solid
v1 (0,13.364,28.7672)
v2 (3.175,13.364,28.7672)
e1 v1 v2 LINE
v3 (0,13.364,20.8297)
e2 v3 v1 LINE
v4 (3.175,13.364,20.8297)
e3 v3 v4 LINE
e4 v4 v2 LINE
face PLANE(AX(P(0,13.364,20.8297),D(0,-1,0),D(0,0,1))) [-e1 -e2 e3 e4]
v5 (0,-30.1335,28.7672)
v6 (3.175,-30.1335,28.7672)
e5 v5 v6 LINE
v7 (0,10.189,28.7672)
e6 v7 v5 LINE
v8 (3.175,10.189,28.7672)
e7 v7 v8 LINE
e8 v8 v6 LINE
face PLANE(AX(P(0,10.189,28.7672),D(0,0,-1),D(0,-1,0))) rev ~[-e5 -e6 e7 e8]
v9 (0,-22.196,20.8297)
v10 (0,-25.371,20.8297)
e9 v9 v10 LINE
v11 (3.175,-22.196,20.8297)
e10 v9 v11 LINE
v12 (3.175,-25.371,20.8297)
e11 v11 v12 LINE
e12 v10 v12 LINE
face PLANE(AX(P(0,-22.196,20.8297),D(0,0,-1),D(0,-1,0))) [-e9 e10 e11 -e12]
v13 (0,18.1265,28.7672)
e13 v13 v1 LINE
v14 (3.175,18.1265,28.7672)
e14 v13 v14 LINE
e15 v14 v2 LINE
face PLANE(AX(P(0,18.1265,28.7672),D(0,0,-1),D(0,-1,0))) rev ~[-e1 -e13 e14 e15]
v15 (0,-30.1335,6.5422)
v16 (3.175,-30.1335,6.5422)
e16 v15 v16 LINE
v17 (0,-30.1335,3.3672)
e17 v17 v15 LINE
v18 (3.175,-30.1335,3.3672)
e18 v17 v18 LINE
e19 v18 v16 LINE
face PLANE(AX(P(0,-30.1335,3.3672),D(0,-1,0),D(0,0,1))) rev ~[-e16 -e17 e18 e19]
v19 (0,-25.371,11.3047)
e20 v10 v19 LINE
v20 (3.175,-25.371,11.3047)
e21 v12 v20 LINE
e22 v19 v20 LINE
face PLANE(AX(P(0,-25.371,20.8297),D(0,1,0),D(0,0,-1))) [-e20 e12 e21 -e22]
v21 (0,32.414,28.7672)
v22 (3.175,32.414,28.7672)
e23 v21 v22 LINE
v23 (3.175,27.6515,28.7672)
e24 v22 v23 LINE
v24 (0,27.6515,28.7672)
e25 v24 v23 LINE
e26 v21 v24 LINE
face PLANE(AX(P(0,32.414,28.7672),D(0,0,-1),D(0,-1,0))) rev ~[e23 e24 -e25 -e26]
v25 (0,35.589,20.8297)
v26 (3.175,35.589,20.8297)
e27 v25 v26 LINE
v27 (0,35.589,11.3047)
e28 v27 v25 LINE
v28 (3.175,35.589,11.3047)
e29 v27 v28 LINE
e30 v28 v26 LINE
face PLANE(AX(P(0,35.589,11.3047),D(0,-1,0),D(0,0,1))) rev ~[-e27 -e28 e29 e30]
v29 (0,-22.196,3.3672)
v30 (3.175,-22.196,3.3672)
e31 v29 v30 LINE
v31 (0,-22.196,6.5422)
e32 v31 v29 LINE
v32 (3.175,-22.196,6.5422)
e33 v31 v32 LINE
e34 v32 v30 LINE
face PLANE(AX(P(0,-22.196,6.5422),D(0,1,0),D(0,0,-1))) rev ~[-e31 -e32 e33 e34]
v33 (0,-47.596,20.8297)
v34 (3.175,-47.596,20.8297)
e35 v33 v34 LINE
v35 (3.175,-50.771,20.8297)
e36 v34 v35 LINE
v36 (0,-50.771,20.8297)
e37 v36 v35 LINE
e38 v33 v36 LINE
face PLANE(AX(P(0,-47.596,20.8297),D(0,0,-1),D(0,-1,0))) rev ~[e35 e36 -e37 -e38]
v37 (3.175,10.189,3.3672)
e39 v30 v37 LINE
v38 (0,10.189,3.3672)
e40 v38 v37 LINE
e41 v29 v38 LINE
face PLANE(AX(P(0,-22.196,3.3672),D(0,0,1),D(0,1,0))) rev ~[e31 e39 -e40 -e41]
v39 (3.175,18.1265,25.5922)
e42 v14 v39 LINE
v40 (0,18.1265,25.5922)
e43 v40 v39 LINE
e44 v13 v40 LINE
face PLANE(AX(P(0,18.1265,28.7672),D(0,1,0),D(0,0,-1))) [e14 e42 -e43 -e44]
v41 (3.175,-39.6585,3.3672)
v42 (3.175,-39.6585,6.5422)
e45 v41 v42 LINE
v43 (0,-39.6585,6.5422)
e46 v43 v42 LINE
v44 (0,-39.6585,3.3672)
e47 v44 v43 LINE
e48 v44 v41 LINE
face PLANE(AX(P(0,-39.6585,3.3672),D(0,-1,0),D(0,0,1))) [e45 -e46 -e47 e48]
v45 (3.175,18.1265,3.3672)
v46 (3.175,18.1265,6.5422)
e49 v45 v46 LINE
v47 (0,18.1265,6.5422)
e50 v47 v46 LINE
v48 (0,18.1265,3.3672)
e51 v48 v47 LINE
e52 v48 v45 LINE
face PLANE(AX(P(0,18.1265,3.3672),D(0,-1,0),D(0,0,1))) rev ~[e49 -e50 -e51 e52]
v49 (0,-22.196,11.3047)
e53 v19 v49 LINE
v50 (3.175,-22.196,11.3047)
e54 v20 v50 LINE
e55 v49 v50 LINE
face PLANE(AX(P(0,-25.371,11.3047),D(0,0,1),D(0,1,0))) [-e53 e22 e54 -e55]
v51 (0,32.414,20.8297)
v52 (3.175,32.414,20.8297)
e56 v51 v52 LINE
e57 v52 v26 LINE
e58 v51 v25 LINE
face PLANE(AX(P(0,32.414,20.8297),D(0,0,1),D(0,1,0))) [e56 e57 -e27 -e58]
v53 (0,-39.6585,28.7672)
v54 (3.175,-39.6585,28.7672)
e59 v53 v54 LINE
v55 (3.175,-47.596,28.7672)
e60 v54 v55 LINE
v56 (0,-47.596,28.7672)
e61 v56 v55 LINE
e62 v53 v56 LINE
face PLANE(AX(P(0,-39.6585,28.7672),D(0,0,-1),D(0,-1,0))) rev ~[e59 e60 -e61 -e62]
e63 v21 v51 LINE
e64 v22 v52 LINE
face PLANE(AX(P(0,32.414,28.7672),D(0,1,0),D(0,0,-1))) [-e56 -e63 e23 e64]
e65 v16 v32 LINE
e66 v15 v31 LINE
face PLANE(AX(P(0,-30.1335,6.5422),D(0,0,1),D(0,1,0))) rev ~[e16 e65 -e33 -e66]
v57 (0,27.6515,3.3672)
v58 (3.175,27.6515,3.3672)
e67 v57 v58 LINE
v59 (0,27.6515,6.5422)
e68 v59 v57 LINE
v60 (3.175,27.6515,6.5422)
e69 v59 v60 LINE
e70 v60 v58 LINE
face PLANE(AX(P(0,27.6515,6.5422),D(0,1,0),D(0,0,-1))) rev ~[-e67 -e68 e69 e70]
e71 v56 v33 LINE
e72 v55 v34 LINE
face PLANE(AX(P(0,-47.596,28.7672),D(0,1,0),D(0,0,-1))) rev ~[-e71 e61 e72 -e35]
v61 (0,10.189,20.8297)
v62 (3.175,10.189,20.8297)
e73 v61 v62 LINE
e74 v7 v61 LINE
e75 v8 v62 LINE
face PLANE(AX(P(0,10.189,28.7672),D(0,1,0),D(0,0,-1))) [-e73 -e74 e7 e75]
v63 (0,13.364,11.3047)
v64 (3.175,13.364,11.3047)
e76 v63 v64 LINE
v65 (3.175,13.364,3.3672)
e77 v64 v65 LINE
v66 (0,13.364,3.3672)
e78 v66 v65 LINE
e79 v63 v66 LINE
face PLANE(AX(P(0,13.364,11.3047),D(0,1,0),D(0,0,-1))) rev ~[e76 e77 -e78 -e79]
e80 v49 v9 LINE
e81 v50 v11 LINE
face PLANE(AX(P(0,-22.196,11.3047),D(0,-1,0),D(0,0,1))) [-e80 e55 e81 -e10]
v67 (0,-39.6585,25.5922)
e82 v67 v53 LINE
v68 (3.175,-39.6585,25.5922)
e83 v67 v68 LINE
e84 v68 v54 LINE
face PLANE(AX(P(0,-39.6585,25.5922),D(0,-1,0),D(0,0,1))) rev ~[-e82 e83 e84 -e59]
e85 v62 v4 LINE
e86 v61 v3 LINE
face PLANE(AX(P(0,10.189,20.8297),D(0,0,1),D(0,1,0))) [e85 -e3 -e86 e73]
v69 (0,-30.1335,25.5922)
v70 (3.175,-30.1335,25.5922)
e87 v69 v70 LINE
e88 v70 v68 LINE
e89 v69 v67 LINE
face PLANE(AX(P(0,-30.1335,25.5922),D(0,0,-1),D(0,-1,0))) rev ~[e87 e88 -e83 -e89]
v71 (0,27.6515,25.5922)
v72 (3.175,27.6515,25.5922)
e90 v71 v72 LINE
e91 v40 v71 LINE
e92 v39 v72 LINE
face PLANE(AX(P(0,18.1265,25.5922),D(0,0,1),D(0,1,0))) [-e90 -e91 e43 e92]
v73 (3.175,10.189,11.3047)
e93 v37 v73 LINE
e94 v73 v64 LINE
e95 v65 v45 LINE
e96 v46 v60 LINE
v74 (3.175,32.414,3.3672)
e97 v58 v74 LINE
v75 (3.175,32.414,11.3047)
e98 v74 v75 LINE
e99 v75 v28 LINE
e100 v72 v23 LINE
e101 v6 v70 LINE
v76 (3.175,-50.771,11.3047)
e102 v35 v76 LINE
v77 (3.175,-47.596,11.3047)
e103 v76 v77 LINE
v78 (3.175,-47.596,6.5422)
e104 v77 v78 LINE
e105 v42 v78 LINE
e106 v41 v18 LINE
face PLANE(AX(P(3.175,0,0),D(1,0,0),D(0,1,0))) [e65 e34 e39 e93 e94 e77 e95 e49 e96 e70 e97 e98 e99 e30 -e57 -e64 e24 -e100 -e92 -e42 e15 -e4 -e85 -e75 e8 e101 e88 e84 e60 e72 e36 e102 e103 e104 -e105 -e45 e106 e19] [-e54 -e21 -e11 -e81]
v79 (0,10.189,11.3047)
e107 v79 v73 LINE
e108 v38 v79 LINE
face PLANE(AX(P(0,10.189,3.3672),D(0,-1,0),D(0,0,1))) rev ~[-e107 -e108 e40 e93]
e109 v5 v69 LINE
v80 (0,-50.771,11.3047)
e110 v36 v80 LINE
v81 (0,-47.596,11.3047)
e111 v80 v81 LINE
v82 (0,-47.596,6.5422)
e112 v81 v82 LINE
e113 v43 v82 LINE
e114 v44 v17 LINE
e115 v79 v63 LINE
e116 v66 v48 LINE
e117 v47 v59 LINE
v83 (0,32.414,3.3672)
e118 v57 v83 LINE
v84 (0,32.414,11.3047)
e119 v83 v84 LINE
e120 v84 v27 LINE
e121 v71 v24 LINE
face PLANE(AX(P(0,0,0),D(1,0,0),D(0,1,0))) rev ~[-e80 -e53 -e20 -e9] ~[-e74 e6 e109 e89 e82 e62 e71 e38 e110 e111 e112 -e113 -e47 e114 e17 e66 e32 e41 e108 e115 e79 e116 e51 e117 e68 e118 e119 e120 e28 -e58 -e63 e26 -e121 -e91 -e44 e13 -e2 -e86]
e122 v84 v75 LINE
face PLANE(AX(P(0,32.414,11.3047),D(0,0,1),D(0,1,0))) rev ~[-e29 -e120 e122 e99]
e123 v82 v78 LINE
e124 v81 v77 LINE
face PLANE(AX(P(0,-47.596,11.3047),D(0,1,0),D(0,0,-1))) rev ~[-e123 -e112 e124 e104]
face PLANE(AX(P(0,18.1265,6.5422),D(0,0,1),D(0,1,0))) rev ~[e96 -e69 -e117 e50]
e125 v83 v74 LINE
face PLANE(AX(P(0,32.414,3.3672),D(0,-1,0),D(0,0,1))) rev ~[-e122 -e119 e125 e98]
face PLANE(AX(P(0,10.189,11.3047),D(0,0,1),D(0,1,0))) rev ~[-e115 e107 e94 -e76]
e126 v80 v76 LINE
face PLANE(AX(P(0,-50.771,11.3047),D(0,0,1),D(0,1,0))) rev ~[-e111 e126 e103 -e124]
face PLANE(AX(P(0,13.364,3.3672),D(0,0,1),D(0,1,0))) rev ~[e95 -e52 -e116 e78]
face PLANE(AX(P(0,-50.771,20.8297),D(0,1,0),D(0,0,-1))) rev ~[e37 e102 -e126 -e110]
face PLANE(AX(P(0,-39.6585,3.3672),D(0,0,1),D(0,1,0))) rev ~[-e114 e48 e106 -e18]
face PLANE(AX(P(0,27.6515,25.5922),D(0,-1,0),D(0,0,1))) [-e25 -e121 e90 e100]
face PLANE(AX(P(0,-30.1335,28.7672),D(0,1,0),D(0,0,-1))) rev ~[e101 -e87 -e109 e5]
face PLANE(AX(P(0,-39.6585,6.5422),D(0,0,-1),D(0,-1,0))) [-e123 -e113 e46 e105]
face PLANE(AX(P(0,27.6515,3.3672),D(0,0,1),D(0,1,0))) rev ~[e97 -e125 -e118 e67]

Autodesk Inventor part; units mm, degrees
ref_plane "YZ Plane" through (0, 0, 0) normal (1, 0, 0) x (0, 1, 0)
ref_plane "XZ Plane" through (0, 0, 0) normal (0, 1, 0) x (-1, 0, 0)
ref_plane "XY Plane" through (0, 0, 0) normal (0, 0, 1) x (1, 0, 0)
sketch "Sketch1" plane through (0, 0, 0) normal (1, 0, 0) x (0, 1, 0)
  line L0 (35.589, 28.7672) -> (-47.596, 28.7672)
  line L1 (-47.596, 28.7672) -> (-47.596, 3.3672)
  line L2 (-47.596, 3.3672) -> (35.589, 3.3672)
  line L3 (35.589, 3.3672) -> (35.589, 28.7672)
  line L4 (-47.596, 20.8297) -> (-50.771, 20.8297)
  line L5 (-50.771, 20.8297) -> (-50.771, 11.3047)
  line L6 (-50.771, 11.3047) -> (-47.596, 11.3047)
  line L7 (-47.596, 11.3047) -> (-47.596, 20.8297)
  line L8 (-39.6585, 28.7672) -> (-30.1335, 28.7672)
  line L9 (-30.1335, 28.7672) -> (-30.1335, 25.5922)
  line L10 (-30.1335, 25.5922) -> (-39.6585, 25.5922)
  line L11 (-39.6585, 25.5922) -> (-39.6585, 28.7672)
  line L12 (-22.196, 20.8297) -> (-25.371, 20.8297)
  line L13 (-25.371, 20.8297) -> (-25.371, 11.3047)
  line L14 (-25.371, 11.3047) -> (-22.196, 11.3047)
  line L15 (-22.196, 11.3047) -> (-22.196, 20.8297)
  line L16 (-22.196, 3.3672) -> (-30.1335, 3.3672)
  line L17 (-30.1335, 3.3672) -> (-30.1335, 6.5422)
  line L18 (-30.1335, 6.5422) -> (-22.196, 6.5422)
  line L19 (-22.196, 6.5422) -> (-22.196, 3.3672)
  line L20 (-47.596, 3.3672) -> (-39.6585, 3.3672)
  line L21 (-39.6585, 3.3672) -> (-39.6585, 6.5422)
  line L22 (-39.6585, 6.5422) -> (-47.596, 6.5422)
  line L23 (-47.596, 6.5422) -> (-47.596, 3.3672)
  line L24 (35.589, 28.7672) -> (32.414, 28.7672)
  line L25 (32.414, 28.7672) -> (32.414, 20.8297)
  line L26 (32.414, 20.8297) -> (35.589, 20.8297)
  line L27 (35.589, 20.8297) -> (35.589, 28.7672)
  line L28 (35.589, 3.3672) -> (32.414, 3.3672)
  line L29 (32.414, 3.3672) -> (32.414, 11.3047)
  line L30 (32.414, 11.3047) -> (35.589, 11.3047)
  line L31 (35.589, 11.3047) -> (35.589, 3.3672)
  line L32 (27.6515, 3.3672) -> (18.1265, 3.3672)
  line L33 (18.1265, 3.3672) -> (18.1265, 6.5422)
  line L34 (18.1265, 6.5422) -> (27.6515, 6.5422)
  line L35 (27.6515, 6.5422) -> (27.6515, 3.3672)
  line L36 (27.6515, 28.7672) -> (18.1265, 28.7672)
  line L37 (18.1265, 28.7672) -> (18.1265, 25.5922)
  line L38 (18.1265, 25.5922) -> (27.6515, 25.5922)
  line L39 (27.6515, 25.5922) -> (27.6515, 28.7672)
  line L40 (13.364, 28.7672) -> (10.189, 28.7672)
  line L41 (10.189, 28.7672) -> (10.189, 20.8297)
  line L42 (10.189, 20.8297) -> (13.364, 20.8297)
  line L43 (13.364, 20.8297) -> (13.364, 28.7672)
  line L44 (13.364, 3.3672) -> (10.189, 3.3672)
  line L45 (10.189, 3.3672) -> (10.189, 11.3047)
  line L46 (10.189, 11.3047) -> (13.364, 11.3047)
  line L47 (13.364, 11.3047) -> (13.364, 3.3672)
  point P0 (0, 0)
  dimension "d0" = 25.4
  dimension "d1" = 3.175
  dimension "d2" = 7.9375
  dimension "d3" = 7.9375
  dimension "d4" = 83.185
  dimension "d5" = 3.175
  dimension "d6" = 9.525
  dimension "d7" = 7.9375
  dimension "d8" = 25.4
  dimension "d9" = 3.175
  dimension "d10" = 3.175
  dimension "d11" = 7.9375
  dimension "d12" = 3.175
  dimension "d13" = 7.9375
  dimension "d14" = 9.525
  dimension "d15" = 3.175
  dimension "d16" = 25.4
extrude "Extrusion1" add sketch "Sketch1" along normal blind 3.175 contours L25 L26 L3 L30 L29 L2 L35 L34 L33 L47 L46 L45 L19 L18 L17 L21 L22 L1 L0 L11 L10 L9 L41 L42 L43 L37 L38 L39 | L1 L6 L5 L4
